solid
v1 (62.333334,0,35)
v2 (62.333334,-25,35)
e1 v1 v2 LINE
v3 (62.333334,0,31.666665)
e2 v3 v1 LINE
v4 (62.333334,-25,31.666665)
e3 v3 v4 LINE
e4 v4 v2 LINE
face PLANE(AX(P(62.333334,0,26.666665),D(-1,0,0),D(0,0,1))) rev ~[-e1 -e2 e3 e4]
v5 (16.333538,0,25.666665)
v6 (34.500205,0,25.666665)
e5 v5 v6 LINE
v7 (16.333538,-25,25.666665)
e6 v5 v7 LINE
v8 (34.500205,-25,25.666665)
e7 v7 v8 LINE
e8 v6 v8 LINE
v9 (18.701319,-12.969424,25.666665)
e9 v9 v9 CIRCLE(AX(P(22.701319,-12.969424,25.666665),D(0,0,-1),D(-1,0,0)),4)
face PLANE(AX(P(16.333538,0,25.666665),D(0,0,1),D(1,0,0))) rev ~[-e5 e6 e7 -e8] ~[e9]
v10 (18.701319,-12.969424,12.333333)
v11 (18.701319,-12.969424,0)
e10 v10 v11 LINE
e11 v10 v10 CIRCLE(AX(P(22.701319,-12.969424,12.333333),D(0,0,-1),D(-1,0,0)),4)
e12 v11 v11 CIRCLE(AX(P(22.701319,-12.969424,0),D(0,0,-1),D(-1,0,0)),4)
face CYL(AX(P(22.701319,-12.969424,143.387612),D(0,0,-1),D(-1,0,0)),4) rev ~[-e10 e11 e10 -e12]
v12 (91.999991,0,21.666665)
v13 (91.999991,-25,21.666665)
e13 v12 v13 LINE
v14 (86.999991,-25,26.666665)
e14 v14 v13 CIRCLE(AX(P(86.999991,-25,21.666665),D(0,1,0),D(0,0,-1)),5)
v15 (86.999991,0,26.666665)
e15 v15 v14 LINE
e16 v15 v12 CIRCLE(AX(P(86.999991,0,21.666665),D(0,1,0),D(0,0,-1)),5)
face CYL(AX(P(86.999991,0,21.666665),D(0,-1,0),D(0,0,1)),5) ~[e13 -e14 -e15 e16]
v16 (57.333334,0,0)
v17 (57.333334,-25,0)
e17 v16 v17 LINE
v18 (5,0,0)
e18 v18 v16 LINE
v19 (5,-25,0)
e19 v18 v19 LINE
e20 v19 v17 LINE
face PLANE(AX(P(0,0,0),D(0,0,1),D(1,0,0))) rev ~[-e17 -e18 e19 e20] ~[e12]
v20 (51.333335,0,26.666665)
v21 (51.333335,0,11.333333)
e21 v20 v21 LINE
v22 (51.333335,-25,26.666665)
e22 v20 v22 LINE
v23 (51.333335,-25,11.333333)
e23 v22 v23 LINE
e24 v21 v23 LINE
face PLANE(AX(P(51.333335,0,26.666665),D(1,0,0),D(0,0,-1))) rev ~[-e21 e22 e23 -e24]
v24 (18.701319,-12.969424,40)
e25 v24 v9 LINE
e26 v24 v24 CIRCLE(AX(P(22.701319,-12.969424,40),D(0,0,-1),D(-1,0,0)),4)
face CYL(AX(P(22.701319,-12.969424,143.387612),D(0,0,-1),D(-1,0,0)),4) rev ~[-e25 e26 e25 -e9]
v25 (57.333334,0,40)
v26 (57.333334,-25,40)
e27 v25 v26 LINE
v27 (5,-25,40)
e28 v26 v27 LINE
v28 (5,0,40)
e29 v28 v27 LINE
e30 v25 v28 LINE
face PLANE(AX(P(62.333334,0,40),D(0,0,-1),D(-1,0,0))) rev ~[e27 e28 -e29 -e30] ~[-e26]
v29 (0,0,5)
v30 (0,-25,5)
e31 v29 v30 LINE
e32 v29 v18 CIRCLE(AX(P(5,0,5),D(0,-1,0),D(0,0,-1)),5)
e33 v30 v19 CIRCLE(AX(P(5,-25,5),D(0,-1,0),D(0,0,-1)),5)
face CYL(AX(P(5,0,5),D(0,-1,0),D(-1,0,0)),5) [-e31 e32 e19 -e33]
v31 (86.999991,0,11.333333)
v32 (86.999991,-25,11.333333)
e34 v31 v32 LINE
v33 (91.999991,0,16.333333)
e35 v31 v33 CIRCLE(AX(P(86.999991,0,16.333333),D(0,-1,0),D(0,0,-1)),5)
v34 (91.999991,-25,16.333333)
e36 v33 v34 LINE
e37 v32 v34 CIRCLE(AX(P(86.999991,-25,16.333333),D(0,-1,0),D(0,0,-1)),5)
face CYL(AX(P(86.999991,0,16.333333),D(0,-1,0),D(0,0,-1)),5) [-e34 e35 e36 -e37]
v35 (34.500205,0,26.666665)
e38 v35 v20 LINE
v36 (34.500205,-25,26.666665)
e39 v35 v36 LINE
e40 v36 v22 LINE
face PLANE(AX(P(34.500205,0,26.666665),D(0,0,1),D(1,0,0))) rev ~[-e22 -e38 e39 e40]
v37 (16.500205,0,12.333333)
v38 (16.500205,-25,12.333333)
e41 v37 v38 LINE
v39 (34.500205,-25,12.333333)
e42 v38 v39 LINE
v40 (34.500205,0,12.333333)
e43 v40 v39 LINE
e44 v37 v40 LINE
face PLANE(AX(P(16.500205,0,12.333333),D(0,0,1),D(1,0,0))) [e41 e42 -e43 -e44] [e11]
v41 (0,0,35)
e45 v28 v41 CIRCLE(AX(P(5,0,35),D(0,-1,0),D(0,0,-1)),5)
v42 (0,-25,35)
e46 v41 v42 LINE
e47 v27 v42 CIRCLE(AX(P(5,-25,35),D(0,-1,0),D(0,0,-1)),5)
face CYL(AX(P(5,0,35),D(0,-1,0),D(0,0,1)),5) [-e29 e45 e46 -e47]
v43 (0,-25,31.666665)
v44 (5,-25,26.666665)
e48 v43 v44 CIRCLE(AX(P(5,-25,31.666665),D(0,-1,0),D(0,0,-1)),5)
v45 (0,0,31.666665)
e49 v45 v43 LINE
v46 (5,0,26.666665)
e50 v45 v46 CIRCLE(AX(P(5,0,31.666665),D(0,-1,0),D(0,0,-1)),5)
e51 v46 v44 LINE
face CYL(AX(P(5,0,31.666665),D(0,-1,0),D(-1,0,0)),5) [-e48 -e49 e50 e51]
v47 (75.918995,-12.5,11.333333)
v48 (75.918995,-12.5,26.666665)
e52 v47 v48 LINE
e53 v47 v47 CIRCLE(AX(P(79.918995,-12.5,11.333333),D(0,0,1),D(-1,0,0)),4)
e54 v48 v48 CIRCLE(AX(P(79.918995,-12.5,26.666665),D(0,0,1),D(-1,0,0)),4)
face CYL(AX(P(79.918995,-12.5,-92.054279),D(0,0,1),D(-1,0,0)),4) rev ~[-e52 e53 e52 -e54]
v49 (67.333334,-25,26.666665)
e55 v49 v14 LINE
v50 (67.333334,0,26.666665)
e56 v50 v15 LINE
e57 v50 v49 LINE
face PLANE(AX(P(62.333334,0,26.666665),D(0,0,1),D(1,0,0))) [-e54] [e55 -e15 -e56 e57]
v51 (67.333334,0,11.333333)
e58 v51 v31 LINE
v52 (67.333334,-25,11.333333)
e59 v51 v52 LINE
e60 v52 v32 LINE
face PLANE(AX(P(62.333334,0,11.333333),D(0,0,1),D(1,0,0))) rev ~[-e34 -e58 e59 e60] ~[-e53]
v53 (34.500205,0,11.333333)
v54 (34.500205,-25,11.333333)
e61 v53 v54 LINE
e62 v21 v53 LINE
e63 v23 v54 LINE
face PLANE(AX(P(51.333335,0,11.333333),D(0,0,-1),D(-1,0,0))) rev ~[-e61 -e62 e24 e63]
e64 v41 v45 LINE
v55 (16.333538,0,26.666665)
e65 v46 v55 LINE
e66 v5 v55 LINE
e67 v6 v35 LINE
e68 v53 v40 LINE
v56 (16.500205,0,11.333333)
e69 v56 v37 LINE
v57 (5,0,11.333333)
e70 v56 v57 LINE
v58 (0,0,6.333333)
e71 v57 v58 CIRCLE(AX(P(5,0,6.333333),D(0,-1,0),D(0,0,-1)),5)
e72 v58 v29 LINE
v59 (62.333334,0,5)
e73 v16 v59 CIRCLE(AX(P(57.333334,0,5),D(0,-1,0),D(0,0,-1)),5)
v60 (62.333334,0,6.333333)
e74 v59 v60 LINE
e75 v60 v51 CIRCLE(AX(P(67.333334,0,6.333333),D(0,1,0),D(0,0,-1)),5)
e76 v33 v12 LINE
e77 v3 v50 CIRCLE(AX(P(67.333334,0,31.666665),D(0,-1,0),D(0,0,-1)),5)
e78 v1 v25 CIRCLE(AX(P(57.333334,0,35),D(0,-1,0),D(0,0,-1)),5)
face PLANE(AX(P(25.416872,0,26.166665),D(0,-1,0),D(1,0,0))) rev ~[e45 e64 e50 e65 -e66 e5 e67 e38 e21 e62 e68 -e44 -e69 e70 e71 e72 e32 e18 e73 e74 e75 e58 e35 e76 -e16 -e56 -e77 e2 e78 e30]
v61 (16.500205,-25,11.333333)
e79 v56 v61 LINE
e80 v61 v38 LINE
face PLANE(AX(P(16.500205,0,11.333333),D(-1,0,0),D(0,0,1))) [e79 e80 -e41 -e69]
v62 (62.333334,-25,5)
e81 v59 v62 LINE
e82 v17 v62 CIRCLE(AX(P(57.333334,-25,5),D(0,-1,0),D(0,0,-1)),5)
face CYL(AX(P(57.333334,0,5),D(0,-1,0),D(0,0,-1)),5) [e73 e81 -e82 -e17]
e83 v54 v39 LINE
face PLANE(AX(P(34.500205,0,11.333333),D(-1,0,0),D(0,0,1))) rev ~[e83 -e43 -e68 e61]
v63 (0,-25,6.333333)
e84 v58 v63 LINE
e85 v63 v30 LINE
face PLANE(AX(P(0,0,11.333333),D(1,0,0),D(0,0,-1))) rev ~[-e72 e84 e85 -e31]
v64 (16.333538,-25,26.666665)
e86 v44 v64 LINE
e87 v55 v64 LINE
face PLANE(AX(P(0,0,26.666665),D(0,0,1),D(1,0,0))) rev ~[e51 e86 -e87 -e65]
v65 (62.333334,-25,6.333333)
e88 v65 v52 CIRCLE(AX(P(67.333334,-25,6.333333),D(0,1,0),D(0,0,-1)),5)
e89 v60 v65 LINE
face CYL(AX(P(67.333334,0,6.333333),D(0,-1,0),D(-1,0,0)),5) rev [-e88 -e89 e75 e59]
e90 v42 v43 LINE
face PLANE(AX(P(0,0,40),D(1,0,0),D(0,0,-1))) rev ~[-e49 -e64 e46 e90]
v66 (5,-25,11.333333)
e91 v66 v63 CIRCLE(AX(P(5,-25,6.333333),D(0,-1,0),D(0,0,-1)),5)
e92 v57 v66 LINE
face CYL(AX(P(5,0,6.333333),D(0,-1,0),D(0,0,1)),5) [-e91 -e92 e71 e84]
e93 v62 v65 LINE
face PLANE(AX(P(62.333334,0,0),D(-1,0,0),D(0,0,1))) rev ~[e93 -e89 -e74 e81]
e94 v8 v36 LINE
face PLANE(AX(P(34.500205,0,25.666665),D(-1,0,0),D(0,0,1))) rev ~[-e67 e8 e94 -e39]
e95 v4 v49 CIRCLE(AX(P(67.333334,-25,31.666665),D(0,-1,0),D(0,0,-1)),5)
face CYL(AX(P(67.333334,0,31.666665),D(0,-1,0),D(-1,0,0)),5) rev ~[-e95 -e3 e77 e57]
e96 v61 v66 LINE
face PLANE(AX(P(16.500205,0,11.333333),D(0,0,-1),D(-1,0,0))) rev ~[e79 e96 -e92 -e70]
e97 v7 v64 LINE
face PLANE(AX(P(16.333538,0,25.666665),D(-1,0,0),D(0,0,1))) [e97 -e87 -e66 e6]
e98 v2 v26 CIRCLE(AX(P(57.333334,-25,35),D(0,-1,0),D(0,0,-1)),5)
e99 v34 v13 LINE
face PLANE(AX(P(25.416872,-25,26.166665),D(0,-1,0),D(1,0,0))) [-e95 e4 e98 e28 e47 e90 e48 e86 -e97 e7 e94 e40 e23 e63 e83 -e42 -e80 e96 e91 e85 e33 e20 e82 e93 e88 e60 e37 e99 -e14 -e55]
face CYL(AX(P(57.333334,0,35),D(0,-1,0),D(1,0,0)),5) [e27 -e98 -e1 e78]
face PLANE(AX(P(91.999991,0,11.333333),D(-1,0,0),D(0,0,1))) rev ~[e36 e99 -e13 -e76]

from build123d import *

# Parameters (mm, degrees)
F0_W     = 18.1666671749
F0_H     = 1
F0_W_2   = 29.6666571914
F0_H_2   = 15.3333324809
F0_W_3   = 18.0000001967
F1_DEPTH = 25
F2_R     = 5
F3_R     = 5
F4_R     = 5
F5_R     = 5
F6_R     = 5
F7_R     = 5
F8_R     = 5
F9_R     = 5
F10_R    = 5
F11_R    = 5
F13_D    = 8
F15_D    = 8


with BuildPart() as f1:
    # F0 (on Front) → F1 (new body)
    with BuildSketch(Plane.XZ):
        with Locations((25.416871541, 26.1666653552)):
            Rectangle(F0_W, F0_H)
        Polygon((34.5002051284, 26.6666653552), (51.3333348415, 26.6666653552), (51.3333348415, 40), (0, 40), (0, 26.6666653552), (16.3335379536, 26.6666653552), align=None)
        Polygon((51.3333348415, 11.3333328743), (51.3333348415, 0), (62.3333337596, 0), (62.3333337596, 11.3333328743), (62.3333337596, 26.6666653552), (62.3333337596, 40), (51.3333348415, 40), (51.3333348415, 26.6666653552), align=None)
        with Locations((77.1666623552, 18.9999991148)):
            Rectangle(F0_W_2, F0_H_2)
        Polygon((0, 11.3333328743), (0, 0), (51.3333348415, 0), (51.3333348415, 11.3333328743), (34.5002051284, 11.3333328743), (16.5002049317, 11.3333328743), align=None)
        with Locations((25.5002050301, 11.8333328743)):
            Rectangle(F0_W_3, F0_H)
    extrude(amount=F1_DEPTH)

    # F2
    f2_edges = [f1.edges().sort_by_distance(p)[0] for p in [
        (62.333334, -12.5, 40),
    ]]
    fillet(f2_edges, radius=F2_R)

    # F3
    f3_edges = [f1.edges().sort_by_distance(p)[0] for p in [
        (62.333334, -12.5, 26.666665),
    ]]
    fillet(f3_edges, radius=F3_R)

    # F4
    f4_edges = [f1.edges().sort_by_distance(p)[0] for p in [
        (91.999991, -12.5, 26.666665),
    ]]
    fillet(f4_edges, radius=F4_R)

    # F5
    f5_edges = [f1.edges().sort_by_distance(p)[0] for p in [
        (0, -12.5, 40),
    ]]
    fillet(f5_edges, radius=F5_R)

    # F6
    f6_edges = [f1.edges().sort_by_distance(p)[0] for p in [
        (0, -12.5, 26.666665),
    ]]
    fillet(f6_edges, radius=F6_R)

    # F7
    f7_edges = [f1.edges().sort_by_distance(p)[0] for p in [
        (0, -12.5, 11.333333),
    ]]
    fillet(f7_edges, radius=F7_R)

    # F8
    f8_edges = [f1.edges().sort_by_distance(p)[0] for p in [
        (0, -12.5, 0),
    ]]
    fillet(f8_edges, radius=F8_R)

    # F9
    f9_edges = [f1.edges().sort_by_distance(p)[0] for p in [
        (62.333334, -12.5, 0),
    ]]
    fillet(f9_edges, radius=F9_R)

    # F10
    f10_edges = [f1.edges().sort_by_distance(p)[0] for p in [
        (62.333334, -12.5, 11.333333),
    ]]
    fillet(f10_edges, radius=F10_R)

    # F11
    f11_edges = [f1.edges().sort_by_distance(p)[0] for p in [
        (91.999991, -12.5, 11.333333),
    ]]
    fillet(f11_edges, radius=F11_R)

    # F13 (through all)
    with Locations(Plane.XY.offset(40)):
        with Locations((22.7013193071, -12.9694240168)):
            Hole(F13_D / 2)

    # F15 (through all)
    with Locations(Plane(origin=(0, 0, 11.3333328743), x_dir=(1, 0, 0), z_dir=(0, 0, -1))):
        with Locations((79.9189954996, 12.5)):
            Hole(F15_D / 2)


solid = f1.part
